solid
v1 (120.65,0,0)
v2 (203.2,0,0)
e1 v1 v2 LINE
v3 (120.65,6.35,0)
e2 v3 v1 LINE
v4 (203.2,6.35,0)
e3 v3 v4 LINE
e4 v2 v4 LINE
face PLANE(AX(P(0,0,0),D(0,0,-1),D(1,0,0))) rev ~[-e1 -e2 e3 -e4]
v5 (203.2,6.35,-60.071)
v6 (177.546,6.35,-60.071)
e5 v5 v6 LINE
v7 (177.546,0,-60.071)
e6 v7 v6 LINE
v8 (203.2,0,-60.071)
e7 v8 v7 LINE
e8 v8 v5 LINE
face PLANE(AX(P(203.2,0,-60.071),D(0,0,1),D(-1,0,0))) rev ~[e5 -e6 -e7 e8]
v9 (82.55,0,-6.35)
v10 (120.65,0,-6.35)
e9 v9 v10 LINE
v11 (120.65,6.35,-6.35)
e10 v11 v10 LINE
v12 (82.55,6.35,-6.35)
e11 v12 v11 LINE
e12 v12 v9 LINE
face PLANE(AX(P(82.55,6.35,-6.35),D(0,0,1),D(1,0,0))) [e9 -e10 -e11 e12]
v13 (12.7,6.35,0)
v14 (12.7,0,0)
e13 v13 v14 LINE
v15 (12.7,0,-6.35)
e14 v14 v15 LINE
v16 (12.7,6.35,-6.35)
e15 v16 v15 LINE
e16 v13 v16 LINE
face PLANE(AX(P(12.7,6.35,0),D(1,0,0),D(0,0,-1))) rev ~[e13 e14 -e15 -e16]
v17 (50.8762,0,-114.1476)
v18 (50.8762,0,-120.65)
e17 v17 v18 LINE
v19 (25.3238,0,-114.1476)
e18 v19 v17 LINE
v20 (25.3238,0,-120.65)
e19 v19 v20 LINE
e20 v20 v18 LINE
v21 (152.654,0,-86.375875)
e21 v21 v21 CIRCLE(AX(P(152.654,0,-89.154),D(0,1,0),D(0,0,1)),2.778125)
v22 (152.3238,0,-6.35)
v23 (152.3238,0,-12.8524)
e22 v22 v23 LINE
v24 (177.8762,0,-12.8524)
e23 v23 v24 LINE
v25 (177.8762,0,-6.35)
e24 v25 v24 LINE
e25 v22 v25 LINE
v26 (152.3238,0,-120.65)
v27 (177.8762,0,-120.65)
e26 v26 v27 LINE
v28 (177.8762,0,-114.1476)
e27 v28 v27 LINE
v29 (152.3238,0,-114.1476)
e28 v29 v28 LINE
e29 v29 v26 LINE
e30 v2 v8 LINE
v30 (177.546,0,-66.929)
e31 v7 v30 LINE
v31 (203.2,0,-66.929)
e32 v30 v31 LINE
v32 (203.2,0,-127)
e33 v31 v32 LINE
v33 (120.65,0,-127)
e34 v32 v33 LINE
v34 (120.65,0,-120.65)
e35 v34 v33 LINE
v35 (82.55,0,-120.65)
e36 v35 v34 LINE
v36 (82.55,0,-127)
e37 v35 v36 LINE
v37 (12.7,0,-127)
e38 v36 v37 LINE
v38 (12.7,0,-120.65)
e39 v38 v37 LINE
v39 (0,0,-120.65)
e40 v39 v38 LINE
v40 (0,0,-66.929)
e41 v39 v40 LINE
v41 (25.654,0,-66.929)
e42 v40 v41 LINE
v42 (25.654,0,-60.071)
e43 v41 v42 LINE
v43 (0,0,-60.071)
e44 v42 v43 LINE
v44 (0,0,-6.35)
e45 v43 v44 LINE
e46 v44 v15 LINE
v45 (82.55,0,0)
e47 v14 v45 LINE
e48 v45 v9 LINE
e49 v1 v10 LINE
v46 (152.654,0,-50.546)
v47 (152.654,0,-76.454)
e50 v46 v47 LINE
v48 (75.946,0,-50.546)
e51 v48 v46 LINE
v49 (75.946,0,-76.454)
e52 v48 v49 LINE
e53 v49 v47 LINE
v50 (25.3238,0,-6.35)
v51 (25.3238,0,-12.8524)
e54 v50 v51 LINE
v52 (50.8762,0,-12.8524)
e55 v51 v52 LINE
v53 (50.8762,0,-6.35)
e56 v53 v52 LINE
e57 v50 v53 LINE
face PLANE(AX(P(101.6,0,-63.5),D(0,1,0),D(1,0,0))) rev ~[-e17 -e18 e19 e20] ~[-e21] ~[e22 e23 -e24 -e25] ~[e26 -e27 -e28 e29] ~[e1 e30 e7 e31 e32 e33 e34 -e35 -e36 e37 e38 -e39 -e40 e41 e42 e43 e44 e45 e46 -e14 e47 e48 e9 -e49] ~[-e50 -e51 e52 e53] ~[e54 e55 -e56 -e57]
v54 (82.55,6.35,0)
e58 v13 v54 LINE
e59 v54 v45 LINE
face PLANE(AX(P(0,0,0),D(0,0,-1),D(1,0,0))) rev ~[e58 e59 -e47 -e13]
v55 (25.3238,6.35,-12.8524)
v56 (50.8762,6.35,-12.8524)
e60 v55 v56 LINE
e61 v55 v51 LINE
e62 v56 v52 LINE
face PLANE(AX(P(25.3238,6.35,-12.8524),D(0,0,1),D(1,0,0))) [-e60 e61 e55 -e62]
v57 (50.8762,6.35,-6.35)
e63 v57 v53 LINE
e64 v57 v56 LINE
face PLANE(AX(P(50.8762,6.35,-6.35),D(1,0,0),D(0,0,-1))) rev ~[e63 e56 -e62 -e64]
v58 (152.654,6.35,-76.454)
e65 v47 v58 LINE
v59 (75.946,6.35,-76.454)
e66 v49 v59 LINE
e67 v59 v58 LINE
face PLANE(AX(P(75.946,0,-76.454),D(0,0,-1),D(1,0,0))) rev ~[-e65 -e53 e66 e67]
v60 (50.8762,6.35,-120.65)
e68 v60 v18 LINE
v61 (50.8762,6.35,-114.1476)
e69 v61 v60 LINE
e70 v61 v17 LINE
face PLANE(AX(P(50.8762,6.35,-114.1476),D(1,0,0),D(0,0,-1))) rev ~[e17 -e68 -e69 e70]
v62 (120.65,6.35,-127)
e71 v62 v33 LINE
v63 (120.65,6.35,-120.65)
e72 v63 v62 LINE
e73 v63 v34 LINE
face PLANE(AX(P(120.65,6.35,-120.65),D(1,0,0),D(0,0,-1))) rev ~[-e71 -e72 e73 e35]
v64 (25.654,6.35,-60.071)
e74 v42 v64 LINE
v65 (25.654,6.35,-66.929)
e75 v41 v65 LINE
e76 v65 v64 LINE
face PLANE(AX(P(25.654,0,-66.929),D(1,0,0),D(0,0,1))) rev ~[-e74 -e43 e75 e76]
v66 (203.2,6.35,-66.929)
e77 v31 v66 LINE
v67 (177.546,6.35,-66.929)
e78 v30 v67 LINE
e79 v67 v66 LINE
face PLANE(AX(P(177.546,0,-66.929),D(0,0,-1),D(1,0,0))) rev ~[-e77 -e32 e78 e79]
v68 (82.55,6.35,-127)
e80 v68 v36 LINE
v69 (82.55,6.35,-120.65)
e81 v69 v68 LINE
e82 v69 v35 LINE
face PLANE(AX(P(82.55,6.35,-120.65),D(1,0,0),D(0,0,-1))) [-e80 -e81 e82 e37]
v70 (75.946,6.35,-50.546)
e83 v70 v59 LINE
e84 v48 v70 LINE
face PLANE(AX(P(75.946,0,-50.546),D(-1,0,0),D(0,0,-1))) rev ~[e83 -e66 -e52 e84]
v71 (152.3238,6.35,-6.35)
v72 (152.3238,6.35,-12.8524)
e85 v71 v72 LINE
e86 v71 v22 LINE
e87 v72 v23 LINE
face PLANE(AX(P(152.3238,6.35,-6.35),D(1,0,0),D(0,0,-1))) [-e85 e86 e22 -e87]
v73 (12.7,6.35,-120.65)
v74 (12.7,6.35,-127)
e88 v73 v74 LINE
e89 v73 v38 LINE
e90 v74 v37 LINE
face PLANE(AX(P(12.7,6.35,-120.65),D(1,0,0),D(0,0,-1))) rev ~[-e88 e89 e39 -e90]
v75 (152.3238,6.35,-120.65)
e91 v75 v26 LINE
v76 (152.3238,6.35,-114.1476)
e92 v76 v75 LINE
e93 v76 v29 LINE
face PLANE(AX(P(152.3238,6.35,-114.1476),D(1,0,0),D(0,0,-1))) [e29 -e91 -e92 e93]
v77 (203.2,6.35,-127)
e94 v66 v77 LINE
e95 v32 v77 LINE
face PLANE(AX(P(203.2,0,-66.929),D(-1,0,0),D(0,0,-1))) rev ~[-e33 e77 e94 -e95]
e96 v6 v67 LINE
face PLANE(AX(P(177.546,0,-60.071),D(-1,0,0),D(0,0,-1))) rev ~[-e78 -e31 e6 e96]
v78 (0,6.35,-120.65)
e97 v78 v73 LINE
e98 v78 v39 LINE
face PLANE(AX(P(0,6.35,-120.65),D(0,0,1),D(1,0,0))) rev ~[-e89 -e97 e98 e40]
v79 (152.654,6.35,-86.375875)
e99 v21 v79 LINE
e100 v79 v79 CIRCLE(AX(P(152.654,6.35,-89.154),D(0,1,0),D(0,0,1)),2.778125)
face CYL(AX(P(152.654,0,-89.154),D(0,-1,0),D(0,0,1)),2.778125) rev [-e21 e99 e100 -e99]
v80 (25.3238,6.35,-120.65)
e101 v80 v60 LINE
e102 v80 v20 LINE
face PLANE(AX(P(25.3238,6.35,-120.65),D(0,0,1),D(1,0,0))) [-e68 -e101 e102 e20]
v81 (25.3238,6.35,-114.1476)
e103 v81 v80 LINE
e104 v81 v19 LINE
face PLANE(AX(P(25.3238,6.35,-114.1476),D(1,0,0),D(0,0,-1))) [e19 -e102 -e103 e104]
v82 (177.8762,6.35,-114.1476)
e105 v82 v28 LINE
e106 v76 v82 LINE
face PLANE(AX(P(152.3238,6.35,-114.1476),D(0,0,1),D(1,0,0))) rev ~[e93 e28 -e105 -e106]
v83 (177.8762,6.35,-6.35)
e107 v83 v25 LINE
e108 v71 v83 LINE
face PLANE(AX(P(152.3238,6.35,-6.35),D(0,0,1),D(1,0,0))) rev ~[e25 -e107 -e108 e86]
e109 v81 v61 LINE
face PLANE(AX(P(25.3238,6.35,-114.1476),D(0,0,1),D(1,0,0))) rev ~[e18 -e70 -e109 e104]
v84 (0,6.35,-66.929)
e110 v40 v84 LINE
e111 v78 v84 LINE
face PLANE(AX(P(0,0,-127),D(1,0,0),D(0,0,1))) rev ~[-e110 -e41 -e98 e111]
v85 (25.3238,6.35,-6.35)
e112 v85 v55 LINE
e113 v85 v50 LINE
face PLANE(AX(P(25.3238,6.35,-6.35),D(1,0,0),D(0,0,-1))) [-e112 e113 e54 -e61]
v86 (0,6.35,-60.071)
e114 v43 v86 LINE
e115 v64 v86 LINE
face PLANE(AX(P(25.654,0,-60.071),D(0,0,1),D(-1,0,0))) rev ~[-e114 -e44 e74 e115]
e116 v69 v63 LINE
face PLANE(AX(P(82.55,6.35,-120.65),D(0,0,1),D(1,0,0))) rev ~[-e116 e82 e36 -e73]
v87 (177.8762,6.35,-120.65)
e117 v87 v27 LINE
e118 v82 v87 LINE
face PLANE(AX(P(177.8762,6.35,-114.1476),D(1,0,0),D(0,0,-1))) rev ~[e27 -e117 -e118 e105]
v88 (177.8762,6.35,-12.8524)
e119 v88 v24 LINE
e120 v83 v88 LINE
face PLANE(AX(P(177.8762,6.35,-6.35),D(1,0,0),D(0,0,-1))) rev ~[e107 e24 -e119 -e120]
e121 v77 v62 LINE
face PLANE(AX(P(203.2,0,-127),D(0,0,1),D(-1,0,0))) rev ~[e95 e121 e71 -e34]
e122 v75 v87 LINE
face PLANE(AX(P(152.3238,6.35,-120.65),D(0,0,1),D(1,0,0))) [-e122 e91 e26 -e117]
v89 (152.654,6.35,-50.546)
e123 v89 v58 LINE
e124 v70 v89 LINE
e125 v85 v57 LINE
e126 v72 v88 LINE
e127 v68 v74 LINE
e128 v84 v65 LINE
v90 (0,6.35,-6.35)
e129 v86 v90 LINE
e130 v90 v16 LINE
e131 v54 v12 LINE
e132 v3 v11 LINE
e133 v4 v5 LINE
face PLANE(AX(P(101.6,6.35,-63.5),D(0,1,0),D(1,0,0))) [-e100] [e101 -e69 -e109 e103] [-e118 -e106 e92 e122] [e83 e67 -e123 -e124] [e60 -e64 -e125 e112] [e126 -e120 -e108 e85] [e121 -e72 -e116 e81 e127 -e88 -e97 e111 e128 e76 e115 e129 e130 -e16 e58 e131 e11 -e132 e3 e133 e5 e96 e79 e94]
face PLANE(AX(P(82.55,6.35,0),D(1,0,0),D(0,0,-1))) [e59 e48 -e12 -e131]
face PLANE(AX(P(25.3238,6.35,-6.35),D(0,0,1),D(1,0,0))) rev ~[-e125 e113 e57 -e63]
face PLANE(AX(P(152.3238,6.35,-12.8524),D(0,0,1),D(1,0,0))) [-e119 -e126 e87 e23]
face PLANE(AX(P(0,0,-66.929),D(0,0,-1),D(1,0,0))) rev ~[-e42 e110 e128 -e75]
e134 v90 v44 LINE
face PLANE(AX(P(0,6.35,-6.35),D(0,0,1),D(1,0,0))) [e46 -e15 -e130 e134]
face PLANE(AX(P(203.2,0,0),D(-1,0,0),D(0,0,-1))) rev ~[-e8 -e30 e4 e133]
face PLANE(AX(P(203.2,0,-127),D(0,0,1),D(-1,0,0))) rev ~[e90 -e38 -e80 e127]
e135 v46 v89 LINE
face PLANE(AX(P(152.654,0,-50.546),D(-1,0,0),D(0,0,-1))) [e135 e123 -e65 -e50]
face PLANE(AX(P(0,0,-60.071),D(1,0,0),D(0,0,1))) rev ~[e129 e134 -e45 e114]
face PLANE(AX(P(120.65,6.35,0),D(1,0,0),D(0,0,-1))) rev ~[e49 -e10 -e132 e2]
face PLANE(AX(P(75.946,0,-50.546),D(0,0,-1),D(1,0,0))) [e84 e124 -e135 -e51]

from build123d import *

# Parameters (mm, degrees)
SKETCH1_R           = 2.778125
SKETCH1_W           = 76.708
SKETCH1_H           = 25.908
BOSS_EXTRUDE1_DEPTH = 6.35
SKETCH4_W           = 12.7
SKETCH4_H           = 6.35
SKETCH4_W_2         = 25.5524
SKETCH4_H_2         = 6.5024
SKETCH4_W_3         = 38.1
CUT_EXTRUDE1_DEPTH  = 240.70724332


with BuildPart() as part:
    # Sketch1 → Boss-Extrude1 (new body)
    with BuildSketch(Plane(origin=(0, 0, 0), x_dir=(1, 0, 0), z_dir=(0, 1, 0))):
        Polygon((0, 0), (203.2, 0), (203.2, 60.071), (177.546, 60.071), (177.546, 66.929), (203.2, 66.929), (203.2, 127), (0, 127), (0, 66.929), (25.654, 66.929), (25.654, 60.071), (0, 60.071), align=None)
        with Locations(Location((152.654, 89.154, 0), (0, 0, 270))):
            Circle(SKETCH1_R, mode=Mode.SUBTRACT)
        with Locations((114.3, 63.5)):
            Rectangle(SKETCH1_W, SKETCH1_H, mode=Mode.SUBTRACT)
    extrude(amount=BOSS_EXTRUDE1_DEPTH)

    # Sketch4 → Cut-Extrude1 (cut, through all)
    with BuildSketch(Plane(origin=(0, 6.35, 0), x_dir=(1, 0, 0), z_dir=(0, 1, 0))):
        with Locations((6.35, 123.825)):
            Rectangle(SKETCH4_W, SKETCH4_H)
        with Locations((38.1, 117.3988)):
            Rectangle(SKETCH4_W_2, SKETCH4_H_2)
        with Locations((101.6, 123.825)):
            Rectangle(SKETCH4_W_3, SKETCH4_H)
        with Locations((165.1, 117.3988)):
            Rectangle(SKETCH4_W_2, SKETCH4_H_2)
        with Locations((165.1, 9.6012)):
            Rectangle(SKETCH4_W_2, SKETCH4_H_2)
        with Locations((101.6, 3.175)):
            Rectangle(SKETCH4_W_3, SKETCH4_H)
        with Locations((38.1, 9.6012)):
            Rectangle(SKETCH4_W_2, SKETCH4_H_2)
        with Locations((6.35, 3.175)):
            Rectangle(SKETCH4_W, SKETCH4_H)
    extrude(amount=-CUT_EXTRUDE1_DEPTH, mode=Mode.SUBTRACT)


solid = part.part
